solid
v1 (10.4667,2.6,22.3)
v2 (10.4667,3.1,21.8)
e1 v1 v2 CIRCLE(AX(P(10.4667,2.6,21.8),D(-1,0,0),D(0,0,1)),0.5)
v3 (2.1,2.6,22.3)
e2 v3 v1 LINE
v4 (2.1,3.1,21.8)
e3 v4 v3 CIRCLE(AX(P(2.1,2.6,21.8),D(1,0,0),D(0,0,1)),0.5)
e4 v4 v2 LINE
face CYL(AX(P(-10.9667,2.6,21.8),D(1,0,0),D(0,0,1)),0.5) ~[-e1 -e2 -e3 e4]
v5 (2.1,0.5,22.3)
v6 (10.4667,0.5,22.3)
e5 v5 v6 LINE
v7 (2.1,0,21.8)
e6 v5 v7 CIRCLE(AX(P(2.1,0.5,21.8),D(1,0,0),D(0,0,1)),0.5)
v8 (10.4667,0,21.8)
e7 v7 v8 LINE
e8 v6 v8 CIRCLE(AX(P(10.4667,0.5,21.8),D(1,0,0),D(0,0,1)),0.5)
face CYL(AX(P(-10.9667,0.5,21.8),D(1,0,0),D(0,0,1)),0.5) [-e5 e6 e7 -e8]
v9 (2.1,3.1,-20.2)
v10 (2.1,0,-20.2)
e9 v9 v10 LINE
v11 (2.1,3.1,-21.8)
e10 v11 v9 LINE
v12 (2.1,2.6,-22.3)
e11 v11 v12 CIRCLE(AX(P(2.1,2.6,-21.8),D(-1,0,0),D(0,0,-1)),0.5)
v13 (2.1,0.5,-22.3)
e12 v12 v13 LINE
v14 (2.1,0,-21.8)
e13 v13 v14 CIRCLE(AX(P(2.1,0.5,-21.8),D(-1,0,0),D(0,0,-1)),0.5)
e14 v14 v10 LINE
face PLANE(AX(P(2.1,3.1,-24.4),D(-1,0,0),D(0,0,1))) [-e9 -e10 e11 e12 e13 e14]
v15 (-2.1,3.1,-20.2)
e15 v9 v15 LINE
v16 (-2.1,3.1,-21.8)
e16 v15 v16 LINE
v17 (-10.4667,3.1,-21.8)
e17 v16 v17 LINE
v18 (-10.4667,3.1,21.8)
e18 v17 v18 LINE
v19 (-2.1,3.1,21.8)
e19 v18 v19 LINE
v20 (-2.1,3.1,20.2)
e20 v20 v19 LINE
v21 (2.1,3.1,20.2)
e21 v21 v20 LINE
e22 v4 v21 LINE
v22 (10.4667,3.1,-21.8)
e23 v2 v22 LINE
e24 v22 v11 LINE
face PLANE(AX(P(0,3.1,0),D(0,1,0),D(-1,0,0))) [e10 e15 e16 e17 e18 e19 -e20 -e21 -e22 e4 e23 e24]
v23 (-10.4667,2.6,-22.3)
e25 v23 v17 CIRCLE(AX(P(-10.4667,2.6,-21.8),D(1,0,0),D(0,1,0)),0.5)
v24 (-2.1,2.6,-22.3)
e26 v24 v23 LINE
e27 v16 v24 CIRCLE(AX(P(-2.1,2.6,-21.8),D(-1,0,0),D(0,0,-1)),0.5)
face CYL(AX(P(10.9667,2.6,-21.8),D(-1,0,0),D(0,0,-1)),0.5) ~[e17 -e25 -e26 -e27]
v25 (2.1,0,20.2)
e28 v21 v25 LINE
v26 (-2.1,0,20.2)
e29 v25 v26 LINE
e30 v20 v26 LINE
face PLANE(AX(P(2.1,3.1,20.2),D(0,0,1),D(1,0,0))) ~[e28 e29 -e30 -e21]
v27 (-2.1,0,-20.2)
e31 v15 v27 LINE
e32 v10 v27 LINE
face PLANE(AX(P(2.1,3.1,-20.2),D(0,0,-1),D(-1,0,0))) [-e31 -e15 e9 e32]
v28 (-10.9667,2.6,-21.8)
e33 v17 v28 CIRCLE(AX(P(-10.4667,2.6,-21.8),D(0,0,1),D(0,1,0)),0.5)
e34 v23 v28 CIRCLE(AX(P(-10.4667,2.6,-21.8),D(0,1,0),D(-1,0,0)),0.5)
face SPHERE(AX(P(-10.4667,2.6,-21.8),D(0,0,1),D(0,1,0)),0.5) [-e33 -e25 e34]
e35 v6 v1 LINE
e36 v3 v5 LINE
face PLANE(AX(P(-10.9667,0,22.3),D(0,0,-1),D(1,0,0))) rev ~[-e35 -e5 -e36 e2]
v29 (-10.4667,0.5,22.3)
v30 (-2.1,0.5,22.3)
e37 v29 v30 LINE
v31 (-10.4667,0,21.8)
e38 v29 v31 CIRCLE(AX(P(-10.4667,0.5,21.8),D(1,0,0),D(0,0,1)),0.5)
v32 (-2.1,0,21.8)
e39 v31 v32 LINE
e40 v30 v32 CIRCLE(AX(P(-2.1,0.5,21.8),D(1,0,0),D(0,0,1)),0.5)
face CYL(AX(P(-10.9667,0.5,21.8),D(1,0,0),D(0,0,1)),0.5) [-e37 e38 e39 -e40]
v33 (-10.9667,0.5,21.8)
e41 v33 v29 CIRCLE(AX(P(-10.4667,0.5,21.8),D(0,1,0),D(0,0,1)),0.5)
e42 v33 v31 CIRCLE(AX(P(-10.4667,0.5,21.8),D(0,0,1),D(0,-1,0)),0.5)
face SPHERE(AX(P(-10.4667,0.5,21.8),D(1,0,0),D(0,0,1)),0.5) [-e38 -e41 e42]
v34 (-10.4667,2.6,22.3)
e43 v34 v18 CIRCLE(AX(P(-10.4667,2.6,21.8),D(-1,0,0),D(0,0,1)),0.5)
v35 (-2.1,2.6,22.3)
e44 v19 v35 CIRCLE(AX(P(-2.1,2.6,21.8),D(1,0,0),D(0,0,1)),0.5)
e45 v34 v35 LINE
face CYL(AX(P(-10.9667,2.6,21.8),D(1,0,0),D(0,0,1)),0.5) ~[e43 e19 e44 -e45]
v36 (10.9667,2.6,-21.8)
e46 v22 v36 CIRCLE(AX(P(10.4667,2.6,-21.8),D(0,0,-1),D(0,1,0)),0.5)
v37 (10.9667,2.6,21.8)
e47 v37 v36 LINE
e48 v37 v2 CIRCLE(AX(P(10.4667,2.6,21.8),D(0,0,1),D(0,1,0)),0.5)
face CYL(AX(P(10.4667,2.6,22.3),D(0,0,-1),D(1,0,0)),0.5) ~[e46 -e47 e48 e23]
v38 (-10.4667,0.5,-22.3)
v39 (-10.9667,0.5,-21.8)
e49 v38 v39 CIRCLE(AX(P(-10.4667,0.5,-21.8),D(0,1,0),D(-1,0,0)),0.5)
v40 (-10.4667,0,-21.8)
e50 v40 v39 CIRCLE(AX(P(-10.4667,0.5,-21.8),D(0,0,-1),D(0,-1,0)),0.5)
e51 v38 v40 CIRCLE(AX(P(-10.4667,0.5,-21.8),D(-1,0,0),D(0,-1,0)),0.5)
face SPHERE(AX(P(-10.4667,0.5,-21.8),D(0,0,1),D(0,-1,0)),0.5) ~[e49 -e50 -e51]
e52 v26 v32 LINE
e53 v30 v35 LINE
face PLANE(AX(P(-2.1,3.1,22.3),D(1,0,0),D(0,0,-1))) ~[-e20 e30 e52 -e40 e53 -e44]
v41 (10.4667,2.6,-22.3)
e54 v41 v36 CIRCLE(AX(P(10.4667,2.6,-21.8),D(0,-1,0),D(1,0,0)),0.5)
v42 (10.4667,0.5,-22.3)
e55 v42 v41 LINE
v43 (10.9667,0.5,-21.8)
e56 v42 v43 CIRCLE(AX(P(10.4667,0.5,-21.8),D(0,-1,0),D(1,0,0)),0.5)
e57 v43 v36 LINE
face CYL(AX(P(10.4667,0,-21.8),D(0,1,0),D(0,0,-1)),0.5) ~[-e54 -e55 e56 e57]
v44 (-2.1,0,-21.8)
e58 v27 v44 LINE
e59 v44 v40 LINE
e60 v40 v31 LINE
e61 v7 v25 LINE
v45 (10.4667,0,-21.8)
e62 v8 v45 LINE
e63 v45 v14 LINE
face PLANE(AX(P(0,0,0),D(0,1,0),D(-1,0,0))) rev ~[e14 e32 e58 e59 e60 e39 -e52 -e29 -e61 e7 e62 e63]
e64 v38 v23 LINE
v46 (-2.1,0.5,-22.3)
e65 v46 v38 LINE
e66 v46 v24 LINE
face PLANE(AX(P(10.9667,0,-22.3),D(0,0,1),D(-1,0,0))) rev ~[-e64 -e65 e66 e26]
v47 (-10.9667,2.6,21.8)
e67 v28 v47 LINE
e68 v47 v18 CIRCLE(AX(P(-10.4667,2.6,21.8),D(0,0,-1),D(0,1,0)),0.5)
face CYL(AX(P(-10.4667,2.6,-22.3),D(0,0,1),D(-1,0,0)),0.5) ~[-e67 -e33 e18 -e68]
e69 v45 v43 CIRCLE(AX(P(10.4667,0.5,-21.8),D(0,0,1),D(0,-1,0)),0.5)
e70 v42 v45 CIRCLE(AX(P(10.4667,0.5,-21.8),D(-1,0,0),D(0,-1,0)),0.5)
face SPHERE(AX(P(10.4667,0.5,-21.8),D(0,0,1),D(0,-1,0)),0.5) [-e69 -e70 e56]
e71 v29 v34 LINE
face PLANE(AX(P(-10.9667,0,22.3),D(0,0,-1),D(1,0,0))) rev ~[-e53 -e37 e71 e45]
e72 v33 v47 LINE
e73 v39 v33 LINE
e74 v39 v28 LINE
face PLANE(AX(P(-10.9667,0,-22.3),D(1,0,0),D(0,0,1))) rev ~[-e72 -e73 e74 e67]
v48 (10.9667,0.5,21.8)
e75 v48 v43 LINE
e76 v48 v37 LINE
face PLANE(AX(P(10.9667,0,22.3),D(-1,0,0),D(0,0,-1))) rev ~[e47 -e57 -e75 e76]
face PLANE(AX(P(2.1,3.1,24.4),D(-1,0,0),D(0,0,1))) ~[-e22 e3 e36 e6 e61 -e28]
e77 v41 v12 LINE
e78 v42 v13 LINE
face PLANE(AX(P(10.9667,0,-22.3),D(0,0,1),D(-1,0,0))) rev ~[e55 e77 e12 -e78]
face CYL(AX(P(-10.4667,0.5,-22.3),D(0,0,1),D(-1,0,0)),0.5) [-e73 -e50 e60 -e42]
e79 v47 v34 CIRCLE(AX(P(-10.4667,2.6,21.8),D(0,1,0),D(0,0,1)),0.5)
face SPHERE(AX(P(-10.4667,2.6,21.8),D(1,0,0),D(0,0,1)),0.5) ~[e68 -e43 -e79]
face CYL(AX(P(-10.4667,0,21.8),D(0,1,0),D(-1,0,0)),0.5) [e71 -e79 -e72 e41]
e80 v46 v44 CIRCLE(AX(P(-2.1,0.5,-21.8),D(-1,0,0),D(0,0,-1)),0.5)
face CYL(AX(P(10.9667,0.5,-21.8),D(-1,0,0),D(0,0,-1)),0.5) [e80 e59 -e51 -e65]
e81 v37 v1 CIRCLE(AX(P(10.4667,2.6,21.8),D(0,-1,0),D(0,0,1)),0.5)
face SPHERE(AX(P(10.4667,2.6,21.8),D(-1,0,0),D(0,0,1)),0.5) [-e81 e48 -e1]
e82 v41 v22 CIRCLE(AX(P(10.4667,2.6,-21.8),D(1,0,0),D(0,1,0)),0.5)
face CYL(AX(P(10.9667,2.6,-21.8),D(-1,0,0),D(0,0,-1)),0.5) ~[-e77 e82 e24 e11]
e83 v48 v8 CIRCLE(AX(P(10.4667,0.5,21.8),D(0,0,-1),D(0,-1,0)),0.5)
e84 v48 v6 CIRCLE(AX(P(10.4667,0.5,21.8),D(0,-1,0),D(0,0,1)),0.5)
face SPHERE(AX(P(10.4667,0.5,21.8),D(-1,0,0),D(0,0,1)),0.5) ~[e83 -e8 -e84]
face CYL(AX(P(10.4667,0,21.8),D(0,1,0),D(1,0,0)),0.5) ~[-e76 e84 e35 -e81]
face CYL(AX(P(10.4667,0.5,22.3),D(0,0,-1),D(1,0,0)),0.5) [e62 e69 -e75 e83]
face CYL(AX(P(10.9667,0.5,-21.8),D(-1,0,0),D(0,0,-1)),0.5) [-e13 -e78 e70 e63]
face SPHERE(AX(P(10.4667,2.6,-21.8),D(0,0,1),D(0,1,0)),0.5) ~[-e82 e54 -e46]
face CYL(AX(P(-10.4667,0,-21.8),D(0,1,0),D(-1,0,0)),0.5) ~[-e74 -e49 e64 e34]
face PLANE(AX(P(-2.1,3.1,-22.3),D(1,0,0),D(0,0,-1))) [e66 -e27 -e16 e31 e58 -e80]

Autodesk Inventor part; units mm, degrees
ref_plane "Плоскость YZ" through (0, 0, 0) normal (1, 0, 0) x (0, 1, 0)
ref_plane "Плоскость XZ" through (0, 0, 0) normal (0, 1, 0) x (-1, 0, 0)
ref_plane "Плоскость XY" through (0, 0, 0) normal (0, 0, 1) x (1, 0, 0)
sketch "Эскиз1" plane through (0, 0, 0) normal (0, 1, 0) x (-1, 0, 0)
  line L0 (10.9667, 22.3) -> (-10.9667, 22.3)
  line L1 (-10.9667, 22.3) -> (-10.9667, -22.3)
  line L2 (-10.9667, -22.3) -> (10.9667, -22.3)
  line L3 (10.9667, -22.3) -> (10.9667, 22.3)
  line L4 (10.9667, 22.3) -> (-10.9667, -22.3) construction
  line L5 (-10.9667, 22.3) -> (10.9667, -22.3) construction
  point P0 (0, 0)
  dimension "d0" = 44.6
  dimension "d1" = 21.9333
extrude "Выдавливание1" add sketch "Эскиз1" along normal blind 3.1
fillet "Сопряжение1" radius 0.5 12 edges at (0, 3.1, 22.3) (0, 0, 22.3) (10.9667, 1.55, 22.3) (-10.9667, 1.55, 22.3) (-10.9667, 3.1, 0) (10.9667, 3.1, 0) (10.9667, 0, 0) (-10.9667, 0, 0) (0, 3.1, -22.3) (0, 0, -22.3) (-10.9667, 1.55, -22.3) (10.9667, 1.55, -22.3)
sketch "Эскиз2" plane through (0, 3.1, 0) normal (0, 1, 0) x (1, 0, 0)
  line L0 (-2.1, 24.4) -> (2.1, 24.4)
  line L1 (2.1, 24.4) -> (2.1, 20.2)
  line L2 (2.1, 20.2) -> (-2.1, 20.2)
  line L3 (-2.1, 20.2) -> (-2.1, 24.4)
  line L4 (10.4667, 22.3) -> (-10.4667, 22.3) projected
  line L5 (-2.1, 24.4) -> (2.1, 20.2) construction
  line L6 (2.1, 24.4) -> (-2.1, 20.2) construction
  point P0 (0, 0)
  point P1 (0, 22.3)
  dimension "d5" = 4.2
  dimension "d6" = 4.2
extrude "Выдавливание2" cut sketch "Эскиз2" against normal blind 10
mirror "Зеркальное отражение1" about plane through (0, 0, 0) normal (0, 0, 1) of "Выдавливание2"
properties part number "Test2" material "Типовой"
